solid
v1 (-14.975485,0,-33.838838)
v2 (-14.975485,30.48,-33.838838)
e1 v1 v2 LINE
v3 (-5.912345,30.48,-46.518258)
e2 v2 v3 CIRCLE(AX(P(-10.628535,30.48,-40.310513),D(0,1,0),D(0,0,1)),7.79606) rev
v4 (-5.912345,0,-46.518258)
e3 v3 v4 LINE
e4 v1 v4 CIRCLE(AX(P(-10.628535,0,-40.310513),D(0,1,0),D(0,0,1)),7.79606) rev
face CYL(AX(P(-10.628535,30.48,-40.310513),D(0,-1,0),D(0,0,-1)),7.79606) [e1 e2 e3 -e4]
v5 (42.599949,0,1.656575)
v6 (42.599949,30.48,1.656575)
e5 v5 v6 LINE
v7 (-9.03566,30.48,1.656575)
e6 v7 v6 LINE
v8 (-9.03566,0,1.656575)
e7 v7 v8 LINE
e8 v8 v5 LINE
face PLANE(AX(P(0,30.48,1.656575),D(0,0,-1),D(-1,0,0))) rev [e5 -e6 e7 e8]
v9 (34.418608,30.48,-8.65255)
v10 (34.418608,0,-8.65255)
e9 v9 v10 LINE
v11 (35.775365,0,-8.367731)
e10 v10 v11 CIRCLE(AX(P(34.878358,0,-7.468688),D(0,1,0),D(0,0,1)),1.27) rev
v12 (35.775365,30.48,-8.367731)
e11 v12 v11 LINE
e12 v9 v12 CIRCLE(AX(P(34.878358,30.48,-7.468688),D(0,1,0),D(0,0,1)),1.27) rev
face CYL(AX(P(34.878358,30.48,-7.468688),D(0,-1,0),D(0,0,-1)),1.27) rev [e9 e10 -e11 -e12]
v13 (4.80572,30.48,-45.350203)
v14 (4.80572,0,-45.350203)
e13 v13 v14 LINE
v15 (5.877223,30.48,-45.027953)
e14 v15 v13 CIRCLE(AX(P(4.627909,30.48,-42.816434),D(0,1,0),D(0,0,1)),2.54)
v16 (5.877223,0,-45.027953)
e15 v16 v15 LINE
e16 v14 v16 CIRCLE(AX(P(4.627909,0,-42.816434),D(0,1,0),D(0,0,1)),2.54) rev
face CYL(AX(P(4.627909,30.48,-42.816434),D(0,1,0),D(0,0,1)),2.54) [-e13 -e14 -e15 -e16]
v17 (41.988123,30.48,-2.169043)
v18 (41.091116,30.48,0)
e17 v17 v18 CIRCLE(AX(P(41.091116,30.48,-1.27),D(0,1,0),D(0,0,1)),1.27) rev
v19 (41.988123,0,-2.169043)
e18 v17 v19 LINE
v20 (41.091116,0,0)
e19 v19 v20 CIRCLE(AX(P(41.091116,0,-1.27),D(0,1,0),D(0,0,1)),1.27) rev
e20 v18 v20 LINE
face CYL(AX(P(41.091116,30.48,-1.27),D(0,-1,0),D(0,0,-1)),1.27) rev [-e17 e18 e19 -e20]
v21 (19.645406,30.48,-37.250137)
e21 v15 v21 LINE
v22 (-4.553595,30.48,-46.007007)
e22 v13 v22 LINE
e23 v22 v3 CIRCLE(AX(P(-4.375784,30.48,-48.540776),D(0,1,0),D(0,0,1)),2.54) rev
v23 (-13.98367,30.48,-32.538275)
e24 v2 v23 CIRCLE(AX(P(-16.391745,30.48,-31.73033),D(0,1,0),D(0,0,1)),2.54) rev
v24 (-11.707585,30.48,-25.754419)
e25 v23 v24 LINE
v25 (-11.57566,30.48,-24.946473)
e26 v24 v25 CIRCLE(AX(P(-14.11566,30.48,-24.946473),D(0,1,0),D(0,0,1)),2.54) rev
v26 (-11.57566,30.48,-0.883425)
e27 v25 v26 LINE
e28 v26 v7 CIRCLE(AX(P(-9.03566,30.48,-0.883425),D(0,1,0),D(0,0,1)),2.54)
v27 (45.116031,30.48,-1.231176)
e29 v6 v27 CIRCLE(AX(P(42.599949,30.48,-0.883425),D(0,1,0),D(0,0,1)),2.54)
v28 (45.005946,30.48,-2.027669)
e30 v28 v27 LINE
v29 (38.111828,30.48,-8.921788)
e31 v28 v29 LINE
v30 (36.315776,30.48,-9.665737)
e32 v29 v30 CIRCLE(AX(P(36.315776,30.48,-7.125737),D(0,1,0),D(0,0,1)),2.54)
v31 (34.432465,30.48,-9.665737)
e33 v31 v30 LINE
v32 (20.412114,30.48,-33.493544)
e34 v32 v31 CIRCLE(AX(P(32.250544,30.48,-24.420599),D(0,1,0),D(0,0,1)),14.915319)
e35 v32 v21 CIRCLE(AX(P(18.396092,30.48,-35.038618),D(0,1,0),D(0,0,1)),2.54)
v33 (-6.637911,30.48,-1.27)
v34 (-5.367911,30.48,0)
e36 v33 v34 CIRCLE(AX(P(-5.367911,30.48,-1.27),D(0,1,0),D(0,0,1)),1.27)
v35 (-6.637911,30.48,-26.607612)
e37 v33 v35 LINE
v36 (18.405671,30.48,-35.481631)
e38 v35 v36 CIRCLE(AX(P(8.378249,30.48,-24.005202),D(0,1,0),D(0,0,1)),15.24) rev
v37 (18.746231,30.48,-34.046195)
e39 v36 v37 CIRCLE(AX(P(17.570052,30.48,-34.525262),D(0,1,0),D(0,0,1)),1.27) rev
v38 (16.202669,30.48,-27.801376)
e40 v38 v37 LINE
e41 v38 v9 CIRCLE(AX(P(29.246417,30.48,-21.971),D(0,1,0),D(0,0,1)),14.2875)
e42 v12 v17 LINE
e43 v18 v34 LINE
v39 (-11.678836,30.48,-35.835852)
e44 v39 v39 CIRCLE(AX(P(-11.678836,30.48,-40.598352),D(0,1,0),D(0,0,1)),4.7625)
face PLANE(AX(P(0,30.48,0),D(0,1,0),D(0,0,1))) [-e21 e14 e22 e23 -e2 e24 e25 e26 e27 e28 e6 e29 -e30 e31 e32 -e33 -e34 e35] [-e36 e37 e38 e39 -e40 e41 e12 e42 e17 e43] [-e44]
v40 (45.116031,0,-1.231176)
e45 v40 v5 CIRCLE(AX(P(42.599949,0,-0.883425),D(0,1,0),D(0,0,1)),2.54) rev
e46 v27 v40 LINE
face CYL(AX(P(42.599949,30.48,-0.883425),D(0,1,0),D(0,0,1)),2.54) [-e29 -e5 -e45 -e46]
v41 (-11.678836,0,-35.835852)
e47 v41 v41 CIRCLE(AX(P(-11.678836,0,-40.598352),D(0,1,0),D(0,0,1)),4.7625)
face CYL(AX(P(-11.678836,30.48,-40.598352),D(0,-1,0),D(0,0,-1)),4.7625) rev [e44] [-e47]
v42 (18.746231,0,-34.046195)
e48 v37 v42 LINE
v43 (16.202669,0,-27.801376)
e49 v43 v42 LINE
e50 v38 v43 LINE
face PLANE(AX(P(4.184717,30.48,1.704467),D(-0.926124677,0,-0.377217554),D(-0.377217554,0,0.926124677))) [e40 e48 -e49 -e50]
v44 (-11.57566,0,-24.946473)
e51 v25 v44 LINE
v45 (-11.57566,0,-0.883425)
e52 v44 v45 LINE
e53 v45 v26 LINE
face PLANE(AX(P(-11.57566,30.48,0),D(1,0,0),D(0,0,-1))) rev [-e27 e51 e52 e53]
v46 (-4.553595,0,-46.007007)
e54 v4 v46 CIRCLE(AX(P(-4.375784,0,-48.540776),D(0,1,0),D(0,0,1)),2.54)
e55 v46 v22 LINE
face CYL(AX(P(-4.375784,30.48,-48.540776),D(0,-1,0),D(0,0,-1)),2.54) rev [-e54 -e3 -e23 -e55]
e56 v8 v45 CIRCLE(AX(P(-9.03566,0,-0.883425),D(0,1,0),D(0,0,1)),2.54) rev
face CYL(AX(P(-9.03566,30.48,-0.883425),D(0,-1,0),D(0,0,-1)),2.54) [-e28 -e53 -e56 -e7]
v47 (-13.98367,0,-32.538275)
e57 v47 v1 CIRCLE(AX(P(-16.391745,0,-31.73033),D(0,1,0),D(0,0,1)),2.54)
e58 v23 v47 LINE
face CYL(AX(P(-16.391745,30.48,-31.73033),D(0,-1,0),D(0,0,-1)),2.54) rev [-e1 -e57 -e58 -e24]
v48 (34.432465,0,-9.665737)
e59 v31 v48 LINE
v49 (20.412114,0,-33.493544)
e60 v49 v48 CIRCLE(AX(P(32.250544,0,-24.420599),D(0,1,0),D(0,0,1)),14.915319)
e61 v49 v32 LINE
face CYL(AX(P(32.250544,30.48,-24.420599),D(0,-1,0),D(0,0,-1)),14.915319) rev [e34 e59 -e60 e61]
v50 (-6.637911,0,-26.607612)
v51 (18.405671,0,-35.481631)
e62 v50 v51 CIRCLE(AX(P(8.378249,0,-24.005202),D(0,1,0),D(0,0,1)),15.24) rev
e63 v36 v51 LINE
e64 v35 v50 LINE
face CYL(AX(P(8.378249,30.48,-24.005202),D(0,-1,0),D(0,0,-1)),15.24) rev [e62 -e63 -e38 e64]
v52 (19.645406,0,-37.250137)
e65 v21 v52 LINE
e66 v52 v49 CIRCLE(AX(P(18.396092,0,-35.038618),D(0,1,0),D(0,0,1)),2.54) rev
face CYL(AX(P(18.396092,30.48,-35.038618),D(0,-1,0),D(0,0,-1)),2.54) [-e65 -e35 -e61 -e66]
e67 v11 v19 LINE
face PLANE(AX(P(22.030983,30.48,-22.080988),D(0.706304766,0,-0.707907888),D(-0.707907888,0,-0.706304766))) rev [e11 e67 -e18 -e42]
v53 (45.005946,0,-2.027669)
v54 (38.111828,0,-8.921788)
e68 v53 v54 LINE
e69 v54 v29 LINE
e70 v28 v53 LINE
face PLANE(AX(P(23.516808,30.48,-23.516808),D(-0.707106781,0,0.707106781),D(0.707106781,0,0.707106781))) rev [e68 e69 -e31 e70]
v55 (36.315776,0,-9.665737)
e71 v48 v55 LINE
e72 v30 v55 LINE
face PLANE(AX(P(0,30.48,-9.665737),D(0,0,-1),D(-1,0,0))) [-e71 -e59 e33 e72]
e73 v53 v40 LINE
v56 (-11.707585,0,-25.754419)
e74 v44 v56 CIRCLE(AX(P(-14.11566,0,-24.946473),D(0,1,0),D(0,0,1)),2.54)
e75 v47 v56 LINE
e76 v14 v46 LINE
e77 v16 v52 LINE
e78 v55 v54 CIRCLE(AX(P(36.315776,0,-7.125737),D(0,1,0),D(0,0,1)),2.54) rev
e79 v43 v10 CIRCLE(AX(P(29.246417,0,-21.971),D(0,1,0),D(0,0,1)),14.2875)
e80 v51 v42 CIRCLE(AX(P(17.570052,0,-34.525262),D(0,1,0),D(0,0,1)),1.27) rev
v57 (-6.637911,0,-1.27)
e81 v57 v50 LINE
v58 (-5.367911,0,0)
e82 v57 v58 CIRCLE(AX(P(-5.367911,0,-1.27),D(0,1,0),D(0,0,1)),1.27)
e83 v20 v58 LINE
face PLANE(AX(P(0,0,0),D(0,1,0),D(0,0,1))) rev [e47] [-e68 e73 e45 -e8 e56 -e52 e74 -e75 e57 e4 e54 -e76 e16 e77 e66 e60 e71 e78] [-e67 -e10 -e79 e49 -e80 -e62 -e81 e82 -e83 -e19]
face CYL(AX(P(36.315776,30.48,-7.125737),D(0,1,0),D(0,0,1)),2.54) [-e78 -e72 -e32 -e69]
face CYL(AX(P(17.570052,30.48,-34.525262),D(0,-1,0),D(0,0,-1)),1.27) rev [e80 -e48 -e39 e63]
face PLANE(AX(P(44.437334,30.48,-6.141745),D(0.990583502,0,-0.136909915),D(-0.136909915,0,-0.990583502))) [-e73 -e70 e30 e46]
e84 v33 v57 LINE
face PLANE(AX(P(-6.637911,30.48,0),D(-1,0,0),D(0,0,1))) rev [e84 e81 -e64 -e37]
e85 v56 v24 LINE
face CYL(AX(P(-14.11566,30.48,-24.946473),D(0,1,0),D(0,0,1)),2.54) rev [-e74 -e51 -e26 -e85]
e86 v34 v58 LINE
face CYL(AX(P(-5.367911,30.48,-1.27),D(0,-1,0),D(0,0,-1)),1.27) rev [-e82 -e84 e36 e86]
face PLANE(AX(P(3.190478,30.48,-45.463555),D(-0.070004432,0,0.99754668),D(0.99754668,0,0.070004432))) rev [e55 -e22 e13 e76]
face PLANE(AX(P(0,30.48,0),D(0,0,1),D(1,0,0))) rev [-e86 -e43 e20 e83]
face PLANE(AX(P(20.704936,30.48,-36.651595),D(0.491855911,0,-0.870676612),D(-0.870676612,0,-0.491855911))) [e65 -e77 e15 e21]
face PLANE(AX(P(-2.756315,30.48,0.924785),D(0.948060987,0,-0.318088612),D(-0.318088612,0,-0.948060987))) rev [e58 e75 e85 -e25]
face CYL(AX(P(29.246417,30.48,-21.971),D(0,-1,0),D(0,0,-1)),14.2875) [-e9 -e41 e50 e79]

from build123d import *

# Parameters (mm, degrees)
SKETCH1_R           = 4.7625
BOSS_EXTRUDE2_DEPTH = 30.48
FILLET1_R           = 2.54


with BuildPart() as part:
    # Sketch1 → Boss-Extrude2 (new body)
    with BuildSketch(Plane(origin=(0, 0, 0), x_dir=(1, 0, 0), z_dir=(0, 1, 0))):
        with BuildLine():
            Line((45.005946436, 2.027668921), (45.515150945, -1.656575462))
            Line((45.515150945, -1.656575462), (-11.575660389, -1.656575462))
            Line((-11.575660389, -1.656575462), (-11.575660389, 25.36121668))
            Line((-11.575660389, 25.36121668), (-14.280396301, 33.422664026))
            ThreePointArc((-14.280396301, 33.422664026), (-17.000257473, 44.802695642), (-5.367910813, 46.064153357))
            Line((-5.367910813, 46.064153357), (5.377854414, 45.31005212))
            Line((5.377854414, 45.31005212), (22.451182043, 35.66511967))
            ThreePointArc((22.451182043, 35.66511967), (18.704388059, 18.178130753), (34.432464589, 9.665736544))
            Line((34.432464589, 9.665736544), (37.367878813, 9.665736544))
            Line((37.367878813, 9.665736544), (45.005946436, 2.027668921))
        make_face()
        with Locations((-11.678835755, 40.598351677)):
            Circle(SKETCH1_R, mode=Mode.SUBTRACT)
        with BuildLine():
            Line((16.202668925, 27.801375987), (18.746230839, 34.046195278))
            ThreePointArc((18.746230839, 34.046195278), (18.80575079, 34.818433424), (18.405670977, 35.481630621))
            ThreePointArc((18.405670977, 35.481630621), (3.288167743, 38.370043483), (-6.637910813, 26.607611872))
            Line((-6.637910813, 26.607611872), (-6.637910813, 1.27))
            ThreePointArc((-6.637910813, 1.27), (-6.265936425, 0.371974388), (-5.367910813, 0))
            Line((-5.367910813, 0), (41.091115974, 0))
            ThreePointArc((41.091115974, 0), (42.264718256, 0.784657148), (41.988123028, 2.169043017))
            Line((41.988123028, 2.169043017), (35.775365429, 8.367731265))
            ThreePointArc((35.775365429, 8.367731265), (35.139277633, 8.711596588), (34.418608086, 8.652550432))
            ThreePointArc((34.418608086, 8.652550432), (18.894618686, 12.123517004), (16.202668925, 27.801375987))
        make_face(mode=Mode.SUBTRACT)
    extrude(amount=BOSS_EXTRUDE2_DEPTH)

    # Fillet1
    fillet1_edges = [part.edges().sort_by_distance(p)[0] for p in [
        (45.515150945, 15.24, 1.656575462),
        (-11.575660389, 15.24, 1.656575462),
        (-11.575660389, 15.24, -25.36121668),
        (-14.280396301, 15.24, -33.422664026),
        (-5.367910813, 15.24, -46.064153357),
        (5.377854414, 15.24, -45.31005212),
        (22.451182043, 15.24, -35.66511967),
        (37.367878813, 15.24, -9.665736544),
    ]]
    fillet(fillet1_edges, radius=FILLET1_R)


solid = part.part
